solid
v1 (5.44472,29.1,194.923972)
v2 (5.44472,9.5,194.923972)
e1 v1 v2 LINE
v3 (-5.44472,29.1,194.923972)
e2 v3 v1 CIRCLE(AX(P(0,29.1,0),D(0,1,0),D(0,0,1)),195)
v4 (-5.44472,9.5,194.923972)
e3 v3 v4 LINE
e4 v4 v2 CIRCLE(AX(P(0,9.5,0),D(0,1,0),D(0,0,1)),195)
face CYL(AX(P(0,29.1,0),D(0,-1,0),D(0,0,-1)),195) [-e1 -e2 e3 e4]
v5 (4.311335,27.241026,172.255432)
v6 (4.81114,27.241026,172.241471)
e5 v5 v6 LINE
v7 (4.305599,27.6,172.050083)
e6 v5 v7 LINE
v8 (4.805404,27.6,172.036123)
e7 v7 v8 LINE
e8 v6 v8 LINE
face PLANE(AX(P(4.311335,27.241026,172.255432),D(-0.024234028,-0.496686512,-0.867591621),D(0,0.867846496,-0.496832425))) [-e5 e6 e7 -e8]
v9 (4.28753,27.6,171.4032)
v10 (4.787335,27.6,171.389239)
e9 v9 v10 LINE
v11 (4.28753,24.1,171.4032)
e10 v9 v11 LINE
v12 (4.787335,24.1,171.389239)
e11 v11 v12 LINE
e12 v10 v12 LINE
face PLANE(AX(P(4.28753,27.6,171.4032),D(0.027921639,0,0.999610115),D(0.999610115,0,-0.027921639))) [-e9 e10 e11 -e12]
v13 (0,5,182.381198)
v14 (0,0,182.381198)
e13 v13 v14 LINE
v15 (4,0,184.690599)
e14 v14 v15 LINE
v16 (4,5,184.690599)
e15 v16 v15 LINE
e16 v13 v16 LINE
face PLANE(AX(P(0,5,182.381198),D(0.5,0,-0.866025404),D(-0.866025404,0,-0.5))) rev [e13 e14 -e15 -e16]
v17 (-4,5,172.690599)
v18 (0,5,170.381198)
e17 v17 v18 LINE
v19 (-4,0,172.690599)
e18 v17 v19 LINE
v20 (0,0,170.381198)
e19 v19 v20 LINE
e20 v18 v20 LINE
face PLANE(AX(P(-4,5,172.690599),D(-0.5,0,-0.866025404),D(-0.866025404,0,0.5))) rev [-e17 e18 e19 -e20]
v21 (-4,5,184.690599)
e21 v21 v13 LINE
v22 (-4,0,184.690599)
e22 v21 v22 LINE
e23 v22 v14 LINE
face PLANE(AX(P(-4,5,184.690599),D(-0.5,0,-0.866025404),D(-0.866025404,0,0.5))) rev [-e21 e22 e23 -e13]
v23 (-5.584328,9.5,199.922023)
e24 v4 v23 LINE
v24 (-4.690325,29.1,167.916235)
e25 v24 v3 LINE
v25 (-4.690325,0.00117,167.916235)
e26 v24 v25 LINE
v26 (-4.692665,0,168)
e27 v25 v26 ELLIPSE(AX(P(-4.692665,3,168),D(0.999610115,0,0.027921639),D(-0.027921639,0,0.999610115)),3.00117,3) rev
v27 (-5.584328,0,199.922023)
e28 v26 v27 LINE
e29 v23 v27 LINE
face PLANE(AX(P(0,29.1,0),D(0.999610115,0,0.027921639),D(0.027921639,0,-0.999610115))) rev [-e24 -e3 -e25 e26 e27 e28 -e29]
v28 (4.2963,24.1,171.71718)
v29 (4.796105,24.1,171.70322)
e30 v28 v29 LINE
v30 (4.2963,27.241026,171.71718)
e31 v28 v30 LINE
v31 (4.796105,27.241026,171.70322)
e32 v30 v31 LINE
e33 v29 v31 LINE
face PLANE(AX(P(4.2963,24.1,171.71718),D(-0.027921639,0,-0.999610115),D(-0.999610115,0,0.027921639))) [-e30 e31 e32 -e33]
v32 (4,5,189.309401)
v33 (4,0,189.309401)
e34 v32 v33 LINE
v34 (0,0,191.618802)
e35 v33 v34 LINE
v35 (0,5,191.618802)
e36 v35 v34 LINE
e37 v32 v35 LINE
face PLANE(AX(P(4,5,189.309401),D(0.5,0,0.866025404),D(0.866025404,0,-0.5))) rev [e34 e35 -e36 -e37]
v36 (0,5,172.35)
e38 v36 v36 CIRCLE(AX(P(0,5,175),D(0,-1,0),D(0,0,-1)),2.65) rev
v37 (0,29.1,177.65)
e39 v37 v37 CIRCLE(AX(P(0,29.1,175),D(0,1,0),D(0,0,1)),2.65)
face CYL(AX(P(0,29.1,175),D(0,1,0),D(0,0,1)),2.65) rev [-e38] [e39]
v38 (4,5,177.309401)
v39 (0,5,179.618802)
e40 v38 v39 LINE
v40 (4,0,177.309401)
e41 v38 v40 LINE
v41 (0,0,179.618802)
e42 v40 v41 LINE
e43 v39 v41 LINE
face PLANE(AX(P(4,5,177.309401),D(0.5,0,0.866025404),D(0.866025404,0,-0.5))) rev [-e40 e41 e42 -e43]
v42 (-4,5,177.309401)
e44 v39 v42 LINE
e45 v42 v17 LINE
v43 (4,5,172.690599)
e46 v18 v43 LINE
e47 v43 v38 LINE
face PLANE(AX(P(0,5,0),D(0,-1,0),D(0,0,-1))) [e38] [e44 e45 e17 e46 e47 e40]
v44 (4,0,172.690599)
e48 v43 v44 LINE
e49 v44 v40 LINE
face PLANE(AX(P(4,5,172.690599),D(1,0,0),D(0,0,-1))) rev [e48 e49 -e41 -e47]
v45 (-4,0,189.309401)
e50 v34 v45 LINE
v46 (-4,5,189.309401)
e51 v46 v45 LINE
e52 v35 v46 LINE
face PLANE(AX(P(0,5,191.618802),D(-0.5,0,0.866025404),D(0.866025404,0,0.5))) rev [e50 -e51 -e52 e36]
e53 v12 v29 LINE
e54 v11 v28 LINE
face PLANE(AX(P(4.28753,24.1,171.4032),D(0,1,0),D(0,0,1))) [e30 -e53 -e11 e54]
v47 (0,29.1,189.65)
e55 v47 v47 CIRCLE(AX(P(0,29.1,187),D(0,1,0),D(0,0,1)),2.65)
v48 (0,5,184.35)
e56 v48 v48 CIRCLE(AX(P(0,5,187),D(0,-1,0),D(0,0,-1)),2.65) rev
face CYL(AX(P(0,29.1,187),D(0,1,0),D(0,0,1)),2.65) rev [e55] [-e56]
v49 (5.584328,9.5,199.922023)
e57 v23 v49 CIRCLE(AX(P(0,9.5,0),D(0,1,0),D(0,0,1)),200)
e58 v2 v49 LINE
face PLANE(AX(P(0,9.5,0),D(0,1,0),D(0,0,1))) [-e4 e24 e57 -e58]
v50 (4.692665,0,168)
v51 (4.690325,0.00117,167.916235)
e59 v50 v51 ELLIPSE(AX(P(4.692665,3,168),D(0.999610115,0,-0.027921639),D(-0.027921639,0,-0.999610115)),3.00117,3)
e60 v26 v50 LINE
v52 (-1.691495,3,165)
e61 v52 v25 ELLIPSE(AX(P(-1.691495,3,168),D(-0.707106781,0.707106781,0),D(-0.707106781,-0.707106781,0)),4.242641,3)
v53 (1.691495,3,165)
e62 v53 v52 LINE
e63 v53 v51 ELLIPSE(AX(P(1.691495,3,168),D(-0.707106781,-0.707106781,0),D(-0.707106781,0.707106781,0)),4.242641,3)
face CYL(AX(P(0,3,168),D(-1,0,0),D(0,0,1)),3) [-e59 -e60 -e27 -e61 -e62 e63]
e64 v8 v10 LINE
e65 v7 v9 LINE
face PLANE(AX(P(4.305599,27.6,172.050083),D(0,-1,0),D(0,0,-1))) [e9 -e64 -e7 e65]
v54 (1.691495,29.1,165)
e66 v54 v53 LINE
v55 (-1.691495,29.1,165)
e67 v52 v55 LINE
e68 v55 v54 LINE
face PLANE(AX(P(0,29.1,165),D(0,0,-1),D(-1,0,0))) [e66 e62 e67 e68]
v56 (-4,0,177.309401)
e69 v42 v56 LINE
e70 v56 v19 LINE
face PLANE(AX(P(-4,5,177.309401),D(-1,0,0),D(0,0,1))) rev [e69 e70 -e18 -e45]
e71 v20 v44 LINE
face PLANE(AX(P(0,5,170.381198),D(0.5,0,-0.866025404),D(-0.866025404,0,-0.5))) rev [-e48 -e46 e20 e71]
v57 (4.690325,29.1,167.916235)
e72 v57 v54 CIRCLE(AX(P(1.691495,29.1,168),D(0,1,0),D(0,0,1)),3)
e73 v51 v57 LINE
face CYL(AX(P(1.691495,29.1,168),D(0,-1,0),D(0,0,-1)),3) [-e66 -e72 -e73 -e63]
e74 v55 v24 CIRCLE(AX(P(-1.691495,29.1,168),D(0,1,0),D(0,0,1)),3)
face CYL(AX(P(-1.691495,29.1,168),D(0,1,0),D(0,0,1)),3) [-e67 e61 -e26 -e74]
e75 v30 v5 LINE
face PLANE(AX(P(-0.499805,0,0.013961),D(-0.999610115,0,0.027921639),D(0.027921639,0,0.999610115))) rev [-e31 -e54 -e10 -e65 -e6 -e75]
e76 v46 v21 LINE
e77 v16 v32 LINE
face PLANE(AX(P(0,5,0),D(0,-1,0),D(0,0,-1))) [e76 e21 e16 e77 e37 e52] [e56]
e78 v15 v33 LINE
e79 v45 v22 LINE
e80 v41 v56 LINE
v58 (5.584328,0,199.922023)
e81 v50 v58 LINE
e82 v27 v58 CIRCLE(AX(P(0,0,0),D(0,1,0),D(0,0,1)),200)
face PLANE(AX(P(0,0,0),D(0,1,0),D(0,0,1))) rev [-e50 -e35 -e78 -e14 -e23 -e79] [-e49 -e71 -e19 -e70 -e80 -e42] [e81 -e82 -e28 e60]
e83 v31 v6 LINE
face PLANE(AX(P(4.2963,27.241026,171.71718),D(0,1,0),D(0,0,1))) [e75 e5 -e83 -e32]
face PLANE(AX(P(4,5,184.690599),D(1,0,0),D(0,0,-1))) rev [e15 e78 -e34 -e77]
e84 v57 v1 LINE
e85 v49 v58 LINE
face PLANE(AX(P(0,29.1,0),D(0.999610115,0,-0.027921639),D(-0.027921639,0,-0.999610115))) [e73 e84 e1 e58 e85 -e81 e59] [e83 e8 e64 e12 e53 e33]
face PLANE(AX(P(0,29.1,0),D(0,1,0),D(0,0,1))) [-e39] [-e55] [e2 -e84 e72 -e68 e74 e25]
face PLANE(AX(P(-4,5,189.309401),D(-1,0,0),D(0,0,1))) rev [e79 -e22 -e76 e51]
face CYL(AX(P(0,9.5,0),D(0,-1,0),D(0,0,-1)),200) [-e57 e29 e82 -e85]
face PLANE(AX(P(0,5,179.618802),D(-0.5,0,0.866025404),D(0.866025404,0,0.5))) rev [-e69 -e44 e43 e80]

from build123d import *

# Parameters (mm, degrees)
EXTRUDE_590_DEPTH   = 29.1
EXTRUDE_638_DEPTH   = 9.5
FILLET_1_R          = 3
HOLE_WIZARD_M5_1_D  = 5.3
CUT_EXTRUDE_1_DEPTH = 5
CUT_EXTRUDE_2_DEPTH = 0.5


with BuildPart() as part:
    # 草图1 → Extrude 590 (new body)
    with BuildSketch(Plane(origin=(0, 0, 0), x_dir=(1, 0, 0), z_dir=(0, 1, 0))):
        with BuildLine():
            Line((4.608867317, -165), (-4.608867317, -165))
            Line((-4.608867317, -165), (-5.444719551, -194.923972433))
            ThreePointArc((-5.444719551, -194.923972433), (0, -195), (5.444719551, -194.923972433))
            Line((5.444719551, -194.923972433), (4.608867317, -165))
        make_face()
    extrude(amount=EXTRUDE_590_DEPTH)

    # 草图1<3> → Extrude 638 (add)
    with BuildSketch(Plane(origin=(0, 0, 0), x_dir=(1, 0, 0), z_dir=(0, 1, 0))):
        with BuildLine():
            ThreePointArc((5.444719551, -194.923972433), (0, -195), (-5.444719551, -194.923972433))
            Line((-5.444719551, -194.923972433), (-5.584327745, -199.922023008))
            ThreePointArc((-5.584327745, -199.922023008), (0, -200), (5.584327745, -199.922023008))
            Line((5.584327745, -199.922023008), (5.444719551, -194.923972433))
        make_face()
    extrude(amount=EXTRUDE_638_DEPTH)

    # 圆角1
    fillet_1_edges = [part.edges().sort_by_distance(p)[0] for p in [
        (4.608867317, 14.55, 165),
        (0, 0, 165),
        (-4.608867317, 14.55, 165),
    ]]
    fillet(fillet_1_edges, radius=FILLET_1_R)

    # M5 间隙孔1 (through all)
    with Locations(Plane(origin=(0, 29.1, 0), x_dir=(1, 0, 0), z_dir=(0, 1, 0))):
        with Locations((0, -187), (0, -175)):
            Hole(HOLE_WIZARD_M5_1_D / 2)

    # 草图6 → 切除-拉伸1 (cut)
    with BuildSketch(Plane.XZ):
        Polygon((0, 179.618802154), (-4, 177.309401077), (-4, 172.690598923), (0, 170.381197846), (4, 172.690598923), (4, 177.309401077), align=None)
        Polygon((0, 191.618802154), (-4, 189.309401077), (-4, 184.690598923), (0, 182.381197846), (4, 184.690598923), (4, 189.309401077), align=None)
    extrude(amount=-CUT_EXTRUDE_1_DEPTH, mode=Mode.SUBTRACT)

    # 草图7 → 切除-拉伸2 (cut)
    with BuildSketch(Plane(origin=(0, 0, 0), x_dir=(-0.027921638723569116, 0, -0.9996101150403545), z_dir=(0.9996101150403545, 0, -0.027921638723569116))):
        Polygon((-172.103223024, 27.6), (-171.456087608, 27.6), (-171.456087608, 24.1), (-171.770190172, 24.1), (-171.770190172, 27.241025641), (-172.30865171, 27.241025641), align=None)
    extrude(amount=-CUT_EXTRUDE_2_DEPTH, mode=Mode.SUBTRACT)


solid = part.part
